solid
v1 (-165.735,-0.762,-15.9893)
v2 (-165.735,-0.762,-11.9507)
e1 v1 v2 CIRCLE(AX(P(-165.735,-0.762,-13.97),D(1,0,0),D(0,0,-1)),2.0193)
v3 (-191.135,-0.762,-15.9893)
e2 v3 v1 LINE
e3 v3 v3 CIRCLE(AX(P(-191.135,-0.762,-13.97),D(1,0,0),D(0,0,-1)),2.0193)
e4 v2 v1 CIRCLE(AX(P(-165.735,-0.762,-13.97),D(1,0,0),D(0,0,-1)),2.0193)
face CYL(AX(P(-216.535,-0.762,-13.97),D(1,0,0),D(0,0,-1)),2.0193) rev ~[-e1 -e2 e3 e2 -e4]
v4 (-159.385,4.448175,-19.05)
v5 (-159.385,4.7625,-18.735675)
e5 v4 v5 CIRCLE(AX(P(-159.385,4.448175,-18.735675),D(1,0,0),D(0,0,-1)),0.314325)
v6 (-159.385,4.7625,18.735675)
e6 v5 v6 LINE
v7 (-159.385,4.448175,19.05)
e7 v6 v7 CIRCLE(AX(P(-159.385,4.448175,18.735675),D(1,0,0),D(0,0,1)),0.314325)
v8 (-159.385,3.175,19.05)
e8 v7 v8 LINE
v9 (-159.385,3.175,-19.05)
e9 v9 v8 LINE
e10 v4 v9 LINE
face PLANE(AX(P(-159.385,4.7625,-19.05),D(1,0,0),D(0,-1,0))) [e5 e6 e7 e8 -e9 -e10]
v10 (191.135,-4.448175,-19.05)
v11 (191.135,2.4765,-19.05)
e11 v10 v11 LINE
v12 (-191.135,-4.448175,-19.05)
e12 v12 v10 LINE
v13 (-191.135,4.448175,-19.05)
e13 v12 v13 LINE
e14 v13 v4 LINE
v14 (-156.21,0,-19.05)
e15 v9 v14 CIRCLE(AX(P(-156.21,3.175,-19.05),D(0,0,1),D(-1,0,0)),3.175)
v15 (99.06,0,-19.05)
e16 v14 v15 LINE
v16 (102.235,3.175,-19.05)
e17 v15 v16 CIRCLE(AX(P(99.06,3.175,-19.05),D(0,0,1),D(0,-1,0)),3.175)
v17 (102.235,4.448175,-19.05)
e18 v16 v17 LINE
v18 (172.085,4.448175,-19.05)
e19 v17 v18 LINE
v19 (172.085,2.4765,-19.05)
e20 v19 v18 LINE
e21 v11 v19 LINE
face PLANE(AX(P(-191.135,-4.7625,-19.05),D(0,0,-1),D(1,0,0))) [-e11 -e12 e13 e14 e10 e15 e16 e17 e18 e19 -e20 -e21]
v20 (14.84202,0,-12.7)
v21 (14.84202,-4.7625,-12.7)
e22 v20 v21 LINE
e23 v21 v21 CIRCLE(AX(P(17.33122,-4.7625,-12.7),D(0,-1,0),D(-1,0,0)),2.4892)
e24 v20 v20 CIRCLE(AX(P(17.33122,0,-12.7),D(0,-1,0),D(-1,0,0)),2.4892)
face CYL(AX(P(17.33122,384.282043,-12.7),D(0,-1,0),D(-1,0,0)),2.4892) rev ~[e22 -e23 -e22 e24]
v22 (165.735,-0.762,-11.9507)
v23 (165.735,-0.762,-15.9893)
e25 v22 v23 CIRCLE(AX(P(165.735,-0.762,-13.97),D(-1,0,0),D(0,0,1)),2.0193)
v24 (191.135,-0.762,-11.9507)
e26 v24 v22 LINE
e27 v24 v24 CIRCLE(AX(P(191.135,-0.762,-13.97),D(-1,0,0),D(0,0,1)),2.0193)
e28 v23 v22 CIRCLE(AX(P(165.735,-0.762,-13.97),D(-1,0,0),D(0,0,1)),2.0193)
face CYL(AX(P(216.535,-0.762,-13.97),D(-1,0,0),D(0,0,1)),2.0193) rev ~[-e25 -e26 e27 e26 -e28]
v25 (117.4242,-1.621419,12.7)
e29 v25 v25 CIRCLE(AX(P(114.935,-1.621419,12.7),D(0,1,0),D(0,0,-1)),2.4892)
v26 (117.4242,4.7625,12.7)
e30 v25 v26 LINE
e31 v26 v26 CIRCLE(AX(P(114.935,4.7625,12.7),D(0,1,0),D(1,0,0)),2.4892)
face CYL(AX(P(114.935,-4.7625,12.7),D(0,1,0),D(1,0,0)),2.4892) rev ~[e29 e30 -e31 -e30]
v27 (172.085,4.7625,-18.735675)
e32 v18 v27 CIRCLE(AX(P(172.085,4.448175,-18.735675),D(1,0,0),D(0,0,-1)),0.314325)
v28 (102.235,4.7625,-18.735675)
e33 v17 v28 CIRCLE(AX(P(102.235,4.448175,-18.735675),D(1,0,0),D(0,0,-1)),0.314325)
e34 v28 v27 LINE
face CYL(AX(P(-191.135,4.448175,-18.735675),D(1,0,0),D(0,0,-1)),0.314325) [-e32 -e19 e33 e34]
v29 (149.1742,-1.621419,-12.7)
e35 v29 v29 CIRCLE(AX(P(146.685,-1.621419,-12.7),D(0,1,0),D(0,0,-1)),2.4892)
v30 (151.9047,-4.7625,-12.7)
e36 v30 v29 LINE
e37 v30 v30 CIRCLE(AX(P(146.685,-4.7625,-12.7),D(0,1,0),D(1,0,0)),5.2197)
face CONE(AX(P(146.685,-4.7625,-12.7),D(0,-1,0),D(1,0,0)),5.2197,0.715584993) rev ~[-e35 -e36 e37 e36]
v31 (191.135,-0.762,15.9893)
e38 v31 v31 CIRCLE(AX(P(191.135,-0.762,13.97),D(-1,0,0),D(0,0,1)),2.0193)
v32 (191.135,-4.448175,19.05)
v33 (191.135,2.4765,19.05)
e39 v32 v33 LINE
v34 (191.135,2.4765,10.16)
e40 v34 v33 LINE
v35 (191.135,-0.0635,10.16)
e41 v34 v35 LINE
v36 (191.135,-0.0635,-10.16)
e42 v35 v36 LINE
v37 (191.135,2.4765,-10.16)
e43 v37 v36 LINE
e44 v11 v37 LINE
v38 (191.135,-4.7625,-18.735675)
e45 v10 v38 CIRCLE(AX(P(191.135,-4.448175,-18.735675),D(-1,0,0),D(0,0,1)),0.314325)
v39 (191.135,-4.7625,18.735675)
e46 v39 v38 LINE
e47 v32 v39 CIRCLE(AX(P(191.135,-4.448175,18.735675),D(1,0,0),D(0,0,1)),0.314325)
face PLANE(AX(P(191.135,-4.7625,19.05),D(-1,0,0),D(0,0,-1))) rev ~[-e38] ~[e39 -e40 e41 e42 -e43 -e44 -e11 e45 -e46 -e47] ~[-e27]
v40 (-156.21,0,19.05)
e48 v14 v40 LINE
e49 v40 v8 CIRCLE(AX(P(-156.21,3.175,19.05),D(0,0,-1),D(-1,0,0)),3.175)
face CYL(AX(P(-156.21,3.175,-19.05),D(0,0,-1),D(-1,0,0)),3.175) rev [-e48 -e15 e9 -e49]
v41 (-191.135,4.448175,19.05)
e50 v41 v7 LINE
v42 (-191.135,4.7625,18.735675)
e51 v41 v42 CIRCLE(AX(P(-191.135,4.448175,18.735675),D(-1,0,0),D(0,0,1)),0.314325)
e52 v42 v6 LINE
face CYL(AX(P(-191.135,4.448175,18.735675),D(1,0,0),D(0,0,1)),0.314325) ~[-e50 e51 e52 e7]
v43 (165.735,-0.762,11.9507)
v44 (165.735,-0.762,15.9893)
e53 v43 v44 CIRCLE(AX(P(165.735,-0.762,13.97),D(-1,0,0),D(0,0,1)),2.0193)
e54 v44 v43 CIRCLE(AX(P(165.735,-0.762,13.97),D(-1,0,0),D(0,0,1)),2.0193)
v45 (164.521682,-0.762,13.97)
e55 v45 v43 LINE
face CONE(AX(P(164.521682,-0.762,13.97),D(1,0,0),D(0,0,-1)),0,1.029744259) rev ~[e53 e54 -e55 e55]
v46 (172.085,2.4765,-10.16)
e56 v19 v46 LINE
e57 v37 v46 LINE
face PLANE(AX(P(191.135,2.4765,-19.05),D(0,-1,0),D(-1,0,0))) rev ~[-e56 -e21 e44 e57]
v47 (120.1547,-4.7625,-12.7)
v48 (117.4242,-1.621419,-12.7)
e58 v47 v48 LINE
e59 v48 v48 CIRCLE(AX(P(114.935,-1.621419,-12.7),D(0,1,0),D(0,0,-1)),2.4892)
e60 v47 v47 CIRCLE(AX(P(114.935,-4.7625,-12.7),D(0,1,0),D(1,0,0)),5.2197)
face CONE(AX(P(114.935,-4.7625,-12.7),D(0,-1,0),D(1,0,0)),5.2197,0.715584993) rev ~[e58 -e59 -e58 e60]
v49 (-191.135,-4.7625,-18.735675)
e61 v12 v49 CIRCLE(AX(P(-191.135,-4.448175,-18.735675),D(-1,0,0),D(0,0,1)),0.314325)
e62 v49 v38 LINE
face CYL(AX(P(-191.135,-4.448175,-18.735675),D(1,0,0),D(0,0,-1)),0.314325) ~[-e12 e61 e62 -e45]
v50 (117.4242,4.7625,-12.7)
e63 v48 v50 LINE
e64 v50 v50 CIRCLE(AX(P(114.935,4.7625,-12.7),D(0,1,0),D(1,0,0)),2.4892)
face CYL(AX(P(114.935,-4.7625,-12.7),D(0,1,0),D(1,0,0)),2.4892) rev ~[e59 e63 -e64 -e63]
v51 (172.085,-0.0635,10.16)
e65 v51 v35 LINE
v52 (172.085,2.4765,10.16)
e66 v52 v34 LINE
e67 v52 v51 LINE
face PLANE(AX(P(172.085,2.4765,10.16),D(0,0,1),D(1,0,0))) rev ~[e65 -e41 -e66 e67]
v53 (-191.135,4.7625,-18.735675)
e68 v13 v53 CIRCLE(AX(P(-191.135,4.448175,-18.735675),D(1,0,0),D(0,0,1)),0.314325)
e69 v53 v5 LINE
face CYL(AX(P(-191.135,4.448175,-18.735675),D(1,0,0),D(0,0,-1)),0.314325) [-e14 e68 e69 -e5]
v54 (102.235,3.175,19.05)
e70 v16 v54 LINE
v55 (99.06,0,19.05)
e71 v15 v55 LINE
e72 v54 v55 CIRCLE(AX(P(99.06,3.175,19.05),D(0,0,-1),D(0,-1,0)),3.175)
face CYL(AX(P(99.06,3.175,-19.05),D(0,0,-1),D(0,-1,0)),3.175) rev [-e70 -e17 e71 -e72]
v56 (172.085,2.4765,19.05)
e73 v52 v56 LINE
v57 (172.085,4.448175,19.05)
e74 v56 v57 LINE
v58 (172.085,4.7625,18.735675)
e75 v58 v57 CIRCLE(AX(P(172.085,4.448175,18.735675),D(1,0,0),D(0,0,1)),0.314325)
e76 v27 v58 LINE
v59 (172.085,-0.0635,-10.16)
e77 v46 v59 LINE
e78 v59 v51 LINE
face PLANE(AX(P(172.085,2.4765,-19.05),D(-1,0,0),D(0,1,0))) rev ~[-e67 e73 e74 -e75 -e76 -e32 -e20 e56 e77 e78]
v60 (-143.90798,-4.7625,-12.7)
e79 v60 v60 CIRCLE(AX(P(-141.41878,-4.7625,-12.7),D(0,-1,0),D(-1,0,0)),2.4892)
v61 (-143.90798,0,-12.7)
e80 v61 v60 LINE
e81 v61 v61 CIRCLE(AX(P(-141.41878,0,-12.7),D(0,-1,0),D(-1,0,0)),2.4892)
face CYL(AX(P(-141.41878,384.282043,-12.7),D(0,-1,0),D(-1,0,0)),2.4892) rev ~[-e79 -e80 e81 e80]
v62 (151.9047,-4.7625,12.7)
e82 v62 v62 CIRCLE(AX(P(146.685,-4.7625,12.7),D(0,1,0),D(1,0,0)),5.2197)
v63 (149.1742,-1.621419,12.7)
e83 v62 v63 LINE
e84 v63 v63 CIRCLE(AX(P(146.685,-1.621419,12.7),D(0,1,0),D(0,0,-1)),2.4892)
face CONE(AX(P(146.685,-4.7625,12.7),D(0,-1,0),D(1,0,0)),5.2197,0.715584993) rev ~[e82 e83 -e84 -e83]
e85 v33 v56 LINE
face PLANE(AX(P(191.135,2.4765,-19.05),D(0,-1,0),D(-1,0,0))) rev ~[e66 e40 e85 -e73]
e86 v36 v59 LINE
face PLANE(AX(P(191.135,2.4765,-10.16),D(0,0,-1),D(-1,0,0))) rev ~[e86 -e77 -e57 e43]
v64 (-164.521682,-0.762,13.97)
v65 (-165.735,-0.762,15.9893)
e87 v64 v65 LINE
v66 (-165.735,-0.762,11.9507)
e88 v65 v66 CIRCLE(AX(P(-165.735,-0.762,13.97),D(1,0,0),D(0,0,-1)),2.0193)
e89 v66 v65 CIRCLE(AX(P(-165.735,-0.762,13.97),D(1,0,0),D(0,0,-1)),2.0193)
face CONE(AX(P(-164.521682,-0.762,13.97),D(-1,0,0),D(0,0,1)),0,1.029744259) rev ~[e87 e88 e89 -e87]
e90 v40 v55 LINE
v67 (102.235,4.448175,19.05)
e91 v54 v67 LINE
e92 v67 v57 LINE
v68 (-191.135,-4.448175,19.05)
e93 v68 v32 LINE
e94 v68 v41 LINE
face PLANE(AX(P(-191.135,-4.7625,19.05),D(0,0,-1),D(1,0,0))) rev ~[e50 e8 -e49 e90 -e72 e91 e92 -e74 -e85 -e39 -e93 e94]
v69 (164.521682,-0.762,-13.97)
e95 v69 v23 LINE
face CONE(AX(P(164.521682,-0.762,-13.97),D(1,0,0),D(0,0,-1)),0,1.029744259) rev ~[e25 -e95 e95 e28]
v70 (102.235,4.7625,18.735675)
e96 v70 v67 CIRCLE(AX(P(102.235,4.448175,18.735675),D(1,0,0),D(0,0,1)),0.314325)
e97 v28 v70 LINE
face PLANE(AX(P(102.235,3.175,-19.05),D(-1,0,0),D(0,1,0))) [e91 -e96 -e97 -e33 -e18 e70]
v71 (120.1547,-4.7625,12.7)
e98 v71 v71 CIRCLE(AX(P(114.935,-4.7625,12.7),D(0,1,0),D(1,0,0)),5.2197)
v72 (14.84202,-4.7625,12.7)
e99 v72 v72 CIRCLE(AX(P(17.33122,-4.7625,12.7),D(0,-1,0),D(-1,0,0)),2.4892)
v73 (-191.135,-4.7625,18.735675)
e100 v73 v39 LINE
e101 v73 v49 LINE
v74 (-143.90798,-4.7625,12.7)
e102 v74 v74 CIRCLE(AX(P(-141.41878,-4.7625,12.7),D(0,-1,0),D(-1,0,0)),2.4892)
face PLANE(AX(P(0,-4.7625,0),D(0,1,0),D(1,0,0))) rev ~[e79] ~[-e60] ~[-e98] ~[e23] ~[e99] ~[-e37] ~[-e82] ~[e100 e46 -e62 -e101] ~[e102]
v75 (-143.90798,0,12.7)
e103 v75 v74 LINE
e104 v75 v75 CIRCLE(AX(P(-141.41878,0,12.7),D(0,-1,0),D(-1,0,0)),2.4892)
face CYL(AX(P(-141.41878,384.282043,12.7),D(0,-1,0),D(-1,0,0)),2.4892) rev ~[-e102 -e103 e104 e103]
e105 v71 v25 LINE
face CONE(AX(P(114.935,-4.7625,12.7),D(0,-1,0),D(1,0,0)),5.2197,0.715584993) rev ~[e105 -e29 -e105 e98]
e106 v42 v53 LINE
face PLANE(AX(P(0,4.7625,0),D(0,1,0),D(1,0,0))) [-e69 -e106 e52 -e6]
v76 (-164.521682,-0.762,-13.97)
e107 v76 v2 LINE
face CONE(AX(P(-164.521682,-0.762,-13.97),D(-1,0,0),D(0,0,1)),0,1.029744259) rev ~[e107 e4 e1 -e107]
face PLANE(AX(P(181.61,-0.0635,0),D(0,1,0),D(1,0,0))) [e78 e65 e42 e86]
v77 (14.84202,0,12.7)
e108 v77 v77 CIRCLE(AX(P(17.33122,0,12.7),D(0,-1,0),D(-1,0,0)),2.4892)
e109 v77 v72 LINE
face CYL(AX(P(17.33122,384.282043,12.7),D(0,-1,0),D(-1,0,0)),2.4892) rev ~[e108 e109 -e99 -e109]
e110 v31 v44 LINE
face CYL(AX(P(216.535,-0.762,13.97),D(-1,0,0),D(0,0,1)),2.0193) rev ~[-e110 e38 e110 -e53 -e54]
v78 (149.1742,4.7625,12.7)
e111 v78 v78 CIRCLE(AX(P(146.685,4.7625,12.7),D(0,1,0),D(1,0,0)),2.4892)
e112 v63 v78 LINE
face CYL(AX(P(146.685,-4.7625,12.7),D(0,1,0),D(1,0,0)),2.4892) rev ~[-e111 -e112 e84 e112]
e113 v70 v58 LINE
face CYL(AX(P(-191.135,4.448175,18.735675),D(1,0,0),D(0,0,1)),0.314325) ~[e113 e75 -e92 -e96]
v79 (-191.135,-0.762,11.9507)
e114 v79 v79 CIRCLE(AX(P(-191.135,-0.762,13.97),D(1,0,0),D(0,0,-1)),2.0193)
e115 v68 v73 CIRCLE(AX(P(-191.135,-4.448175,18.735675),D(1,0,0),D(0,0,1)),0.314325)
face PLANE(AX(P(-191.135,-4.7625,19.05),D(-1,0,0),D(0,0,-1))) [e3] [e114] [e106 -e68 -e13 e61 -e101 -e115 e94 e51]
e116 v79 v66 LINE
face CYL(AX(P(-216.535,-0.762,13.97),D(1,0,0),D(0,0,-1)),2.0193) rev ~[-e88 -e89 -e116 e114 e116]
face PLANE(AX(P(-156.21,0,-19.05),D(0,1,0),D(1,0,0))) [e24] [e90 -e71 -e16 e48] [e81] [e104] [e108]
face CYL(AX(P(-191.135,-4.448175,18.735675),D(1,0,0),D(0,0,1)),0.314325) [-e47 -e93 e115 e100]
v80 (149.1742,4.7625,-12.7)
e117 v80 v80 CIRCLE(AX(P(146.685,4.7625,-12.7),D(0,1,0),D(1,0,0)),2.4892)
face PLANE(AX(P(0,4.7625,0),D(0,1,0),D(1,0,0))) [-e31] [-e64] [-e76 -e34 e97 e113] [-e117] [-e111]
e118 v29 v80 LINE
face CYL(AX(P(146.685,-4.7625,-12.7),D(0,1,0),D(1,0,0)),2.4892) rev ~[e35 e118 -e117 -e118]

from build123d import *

# Parameters (mm, degrees)
BOSS_EXTRUDE1_DEPTH              = 4.7625
BOSS_EXTRUDE1_DEPTH_BACK         = 4.7625
SKETCH3_W                        = 382.27
SKETCH3_H                        = 38.1
FILLET1_R                        = 0.314325
TAP_DRILL_FOR_10_32_TAP1_D       = 4.0386
TAP_DRILL_FOR_10_32_TAP1_DEPTH   = 25.4
TAP_DRILL_FOR_10_32_TAP1_TIP     = 1.213317848
TAP_DRILL_FOR_10_32_TAP2_D       = 4.0386
TAP_DRILL_FOR_10_32_TAP2_DEPTH   = 25.4
TAP_DRILL_FOR_10_32_TAP2_TIP     = 1.213317848
SKETCH10_W                       = 19.05
SKETCH10_H                       = 2.286
CUT_EXTRUDE1_DEPTH               = 195.953531979
F_10_CLEARANCE_HOLE1_D           = 4.9784
F_10_CLEARANCE_HOLE1_CSINK_D     = 10.4394
F_10_CLEARANCE_HOLE1_CSINK_ANGLE = 82
CUT_EXTRUDE2_DEPTH               = 2.54
F_10_CLEARANCE_HOLE2_D           = 4.9784


with BuildPart() as part:
    # Sketch3 → Boss-Extrude1 (new, two sides: drawn at the far end of the back side and taken through both)
    with BuildSketch(Plane(origin=(0, 0, 0), x_dir=(1, 0, 0), z_dir=(0, 1, 0)).offset(-BOSS_EXTRUDE1_DEPTH_BACK)):
        Rectangle(SKETCH3_W, SKETCH3_H)
    extrude(amount=BOSS_EXTRUDE1_DEPTH + BOSS_EXTRUDE1_DEPTH_BACK)

    # Fillet1
    fillet1_edges = [part.edges().sort_by_distance(p)[0] for p in [
        (0, 4.7625, 19.05),
        (0, -4.7625, -19.05),
        (0, 4.7625, -19.05),
        (0, -4.7625, 19.05),
    ]]
    fillet(fillet1_edges, radius=FILLET1_R)

    # Tap Drill for #10-32 Tap1
    with Locations(Plane.ZY.offset(191.135)):
        with Locations((-13.97, -0.762), (13.97, -0.762)):
            Hole(TAP_DRILL_FOR_10_32_TAP1_D / 2, depth=TAP_DRILL_FOR_10_32_TAP1_DEPTH)
            with Locations((0, 0, -(TAP_DRILL_FOR_10_32_TAP1_DEPTH + TAP_DRILL_FOR_10_32_TAP1_TIP / 2))):  # 118° drill point
                Cone(0, TAP_DRILL_FOR_10_32_TAP1_D / 2, TAP_DRILL_FOR_10_32_TAP1_TIP, mode=Mode.SUBTRACT)

    # Tap Drill for #10-32 Tap2
    with Locations(Plane(origin=(191.135, 0, 0), x_dir=(0, 0, -1), z_dir=(1, 0, 0))):
        with Locations((-13.97, -0.762), (13.97, -0.762)):
            Hole(TAP_DRILL_FOR_10_32_TAP2_D / 2, depth=TAP_DRILL_FOR_10_32_TAP2_DEPTH)
            with Locations((0, 0, -(TAP_DRILL_FOR_10_32_TAP2_DEPTH + TAP_DRILL_FOR_10_32_TAP2_TIP / 2))):  # 118° drill point
                Cone(0, TAP_DRILL_FOR_10_32_TAP2_D / 2, TAP_DRILL_FOR_10_32_TAP2_TIP, mode=Mode.SUBTRACT)

    # Sketch10 → Cut-Extrude1 (cut, through all)
    with BuildSketch(Plane(origin=(0, 0, -19.05), x_dir=(-1, 0, 0), z_dir=(0, 0, -1))):
        with BuildLine():
            Line((159.385, 4.7625), (159.385, 3.175))
            ThreePointArc((159.385, 3.175), (158.45506403, 0.92993597), (156.21, 0))
            Line((156.21, 0), (-99.06, 0))
            ThreePointArc((-99.06, 0), (-101.30506403, 0.92993597), (-102.235, 3.175))
            Line((-102.235, 3.175), (-102.235, 4.7625))
            Line((-102.235, 4.7625), (159.385, 4.7625))
        make_face()
        with Locations((-181.61, 3.6195)):
            Rectangle(SKETCH10_W, SKETCH10_H)
    extrude(amount=-CUT_EXTRUDE1_DEPTH, mode=Mode.SUBTRACT)

    # #10 Clearance Hole1 (through all)
    with Locations(Plane(origin=(0, -4.7625, 0), x_dir=(-1, 0, 0), z_dir=(0, -1, 0))):
        with Locations((-114.935, 12.7), (-146.685, 12.7), (-146.685, -12.7), (-114.935, -12.7)):
            CounterSinkHole(F_10_CLEARANCE_HOLE1_D / 2, F_10_CLEARANCE_HOLE1_CSINK_D / 2, counter_sink_angle=F_10_CLEARANCE_HOLE1_CSINK_ANGLE)

    # Sketch17 → Cut-Extrude2 (cut)
    with BuildSketch(Plane(origin=(0, 2.4765, 0), x_dir=(1, 0, 0), z_dir=(0, 1, 0))):
        Polygon((191.135, 0), (191.135, 10.16), (172.085, 10.16), (172.085, -10.16), (191.135, -10.16), align=None)
    extrude(amount=-CUT_EXTRUDE2_DEPTH, mode=Mode.SUBTRACT)

    # #10 Clearance Hole2 (through all)
    with Locations(Plane(origin=(0, 0, 0), x_dir=(1, 0, 0), z_dir=(0, 1, 0))):
        with Locations((-141.418780002, 12.7), (-141.418780002, -12.7), (17.331219998, 12.7), (17.331219998, -12.7)):
            Hole(F_10_CLEARANCE_HOLE2_D / 2)


solid = part.part
